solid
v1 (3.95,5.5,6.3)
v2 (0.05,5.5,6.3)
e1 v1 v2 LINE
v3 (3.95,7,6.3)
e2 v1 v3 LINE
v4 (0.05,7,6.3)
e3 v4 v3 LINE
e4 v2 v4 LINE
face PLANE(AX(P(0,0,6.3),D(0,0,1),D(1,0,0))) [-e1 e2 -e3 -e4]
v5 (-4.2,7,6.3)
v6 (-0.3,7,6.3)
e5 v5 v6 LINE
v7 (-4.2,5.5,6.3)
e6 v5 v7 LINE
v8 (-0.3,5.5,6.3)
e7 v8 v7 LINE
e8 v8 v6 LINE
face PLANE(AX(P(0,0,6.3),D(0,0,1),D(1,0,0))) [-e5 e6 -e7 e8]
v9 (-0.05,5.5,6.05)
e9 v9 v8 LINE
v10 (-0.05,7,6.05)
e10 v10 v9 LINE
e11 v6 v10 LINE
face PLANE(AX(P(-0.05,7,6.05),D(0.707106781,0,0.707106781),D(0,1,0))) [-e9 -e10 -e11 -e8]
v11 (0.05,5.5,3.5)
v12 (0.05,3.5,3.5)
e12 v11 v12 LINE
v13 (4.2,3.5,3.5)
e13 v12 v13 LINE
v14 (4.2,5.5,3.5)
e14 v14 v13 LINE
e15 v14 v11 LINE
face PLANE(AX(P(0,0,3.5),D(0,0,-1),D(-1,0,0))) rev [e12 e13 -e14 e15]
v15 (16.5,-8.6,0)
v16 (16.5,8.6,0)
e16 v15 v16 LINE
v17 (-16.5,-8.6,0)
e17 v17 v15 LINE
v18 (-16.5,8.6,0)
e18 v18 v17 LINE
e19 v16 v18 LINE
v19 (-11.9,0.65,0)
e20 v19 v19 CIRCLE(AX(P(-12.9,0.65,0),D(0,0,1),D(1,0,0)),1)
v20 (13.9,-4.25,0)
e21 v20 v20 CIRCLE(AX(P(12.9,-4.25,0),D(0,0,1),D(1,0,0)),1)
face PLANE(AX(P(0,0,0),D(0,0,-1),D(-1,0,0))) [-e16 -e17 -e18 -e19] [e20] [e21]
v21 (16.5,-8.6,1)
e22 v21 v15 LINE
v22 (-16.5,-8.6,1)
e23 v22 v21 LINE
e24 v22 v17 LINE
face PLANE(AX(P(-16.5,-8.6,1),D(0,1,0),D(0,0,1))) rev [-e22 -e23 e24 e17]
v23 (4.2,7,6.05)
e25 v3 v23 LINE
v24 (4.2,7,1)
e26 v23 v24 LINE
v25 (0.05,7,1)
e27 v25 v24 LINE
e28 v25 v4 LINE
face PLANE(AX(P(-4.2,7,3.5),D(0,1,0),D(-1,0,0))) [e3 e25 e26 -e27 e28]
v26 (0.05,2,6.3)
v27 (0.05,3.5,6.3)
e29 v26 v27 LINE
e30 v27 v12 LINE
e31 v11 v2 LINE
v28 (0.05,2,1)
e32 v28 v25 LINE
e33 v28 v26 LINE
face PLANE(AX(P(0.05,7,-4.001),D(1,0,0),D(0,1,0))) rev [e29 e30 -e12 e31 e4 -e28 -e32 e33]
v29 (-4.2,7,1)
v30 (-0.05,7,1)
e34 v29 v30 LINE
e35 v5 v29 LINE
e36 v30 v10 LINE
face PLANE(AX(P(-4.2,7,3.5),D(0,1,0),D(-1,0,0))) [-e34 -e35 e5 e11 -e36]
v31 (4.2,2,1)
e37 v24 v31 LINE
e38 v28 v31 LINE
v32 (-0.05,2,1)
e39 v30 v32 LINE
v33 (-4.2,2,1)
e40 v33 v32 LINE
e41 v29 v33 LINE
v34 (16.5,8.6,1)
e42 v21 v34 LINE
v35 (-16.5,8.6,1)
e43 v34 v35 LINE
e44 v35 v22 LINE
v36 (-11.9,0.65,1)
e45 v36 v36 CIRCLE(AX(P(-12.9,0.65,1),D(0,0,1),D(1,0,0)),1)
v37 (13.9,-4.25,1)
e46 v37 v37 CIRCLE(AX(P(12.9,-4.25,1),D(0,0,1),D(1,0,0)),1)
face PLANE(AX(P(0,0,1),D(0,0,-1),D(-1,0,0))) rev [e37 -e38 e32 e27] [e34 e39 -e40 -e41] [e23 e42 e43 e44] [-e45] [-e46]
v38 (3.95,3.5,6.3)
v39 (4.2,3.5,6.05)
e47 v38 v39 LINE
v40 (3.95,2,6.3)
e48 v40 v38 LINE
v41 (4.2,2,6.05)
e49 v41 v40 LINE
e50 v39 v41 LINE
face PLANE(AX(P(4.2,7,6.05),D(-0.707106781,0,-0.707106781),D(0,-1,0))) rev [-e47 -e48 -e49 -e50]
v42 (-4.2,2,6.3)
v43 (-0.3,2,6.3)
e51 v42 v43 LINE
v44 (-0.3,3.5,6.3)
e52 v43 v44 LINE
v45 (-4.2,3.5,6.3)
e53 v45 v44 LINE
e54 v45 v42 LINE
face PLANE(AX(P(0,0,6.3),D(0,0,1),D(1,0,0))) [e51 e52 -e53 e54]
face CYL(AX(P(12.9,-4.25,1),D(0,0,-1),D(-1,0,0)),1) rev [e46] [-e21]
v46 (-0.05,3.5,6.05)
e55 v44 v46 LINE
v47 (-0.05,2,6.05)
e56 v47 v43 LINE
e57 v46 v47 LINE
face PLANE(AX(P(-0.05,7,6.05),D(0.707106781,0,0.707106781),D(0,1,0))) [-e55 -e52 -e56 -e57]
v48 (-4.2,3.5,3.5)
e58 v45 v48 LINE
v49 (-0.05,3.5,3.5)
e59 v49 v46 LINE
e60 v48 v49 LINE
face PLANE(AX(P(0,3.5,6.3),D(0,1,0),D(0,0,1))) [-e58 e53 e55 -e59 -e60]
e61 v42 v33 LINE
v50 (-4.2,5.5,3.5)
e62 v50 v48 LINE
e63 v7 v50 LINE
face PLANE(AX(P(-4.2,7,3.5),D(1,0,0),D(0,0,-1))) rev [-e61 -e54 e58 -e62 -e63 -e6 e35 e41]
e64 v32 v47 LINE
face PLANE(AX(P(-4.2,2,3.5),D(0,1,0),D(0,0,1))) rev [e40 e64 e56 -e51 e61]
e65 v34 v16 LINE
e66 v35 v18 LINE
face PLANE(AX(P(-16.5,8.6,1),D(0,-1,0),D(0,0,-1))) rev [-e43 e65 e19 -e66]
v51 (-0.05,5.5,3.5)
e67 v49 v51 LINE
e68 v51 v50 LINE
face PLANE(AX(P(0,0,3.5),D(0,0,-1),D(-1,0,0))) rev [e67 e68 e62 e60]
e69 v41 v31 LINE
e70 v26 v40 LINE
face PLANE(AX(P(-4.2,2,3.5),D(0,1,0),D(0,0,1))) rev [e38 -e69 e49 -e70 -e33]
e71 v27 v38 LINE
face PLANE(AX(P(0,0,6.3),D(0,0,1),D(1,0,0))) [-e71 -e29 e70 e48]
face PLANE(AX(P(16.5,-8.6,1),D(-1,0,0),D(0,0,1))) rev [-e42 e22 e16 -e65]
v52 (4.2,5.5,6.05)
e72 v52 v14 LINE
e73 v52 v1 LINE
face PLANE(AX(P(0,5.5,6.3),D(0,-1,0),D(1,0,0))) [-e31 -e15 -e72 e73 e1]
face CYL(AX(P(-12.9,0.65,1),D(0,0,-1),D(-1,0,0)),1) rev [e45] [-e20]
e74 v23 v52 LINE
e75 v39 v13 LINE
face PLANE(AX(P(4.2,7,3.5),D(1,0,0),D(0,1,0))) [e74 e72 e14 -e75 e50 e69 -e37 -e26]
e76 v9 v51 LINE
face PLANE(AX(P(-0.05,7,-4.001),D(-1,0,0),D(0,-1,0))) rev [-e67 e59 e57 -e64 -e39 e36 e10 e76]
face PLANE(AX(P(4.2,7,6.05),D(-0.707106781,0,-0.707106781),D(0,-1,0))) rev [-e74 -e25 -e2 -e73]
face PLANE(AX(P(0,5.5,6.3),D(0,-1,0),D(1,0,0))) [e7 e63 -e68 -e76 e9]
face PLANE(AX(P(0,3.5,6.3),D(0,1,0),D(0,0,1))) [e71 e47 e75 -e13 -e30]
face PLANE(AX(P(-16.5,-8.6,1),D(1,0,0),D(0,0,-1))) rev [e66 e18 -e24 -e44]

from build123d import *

# Parameters (mm, degrees)
CROQUIS1_W              = 33
CROQUIS1_H              = 17.2
CROQUIS1_R              = 1
SALIENTE_EXTRUIR1_DEPTH = 1
CROQUIS2_W              = 8.4
CROQUIS2_H              = 5
SALIENTE_EXTRUIR2_DEPTH = 2.5
CROQUIS2_5_W            = 8.4
CROQUIS2_5_H            = 1.5
SALIENTE_EXTRUIR3_DEPTH = 5.3
CORTAR_EXTRUIR1_START   = -5.3
CROQUIS3_W              = 0.1
CROQUIS3_H              = 5
CORTAR_EXTRUIR1_DEPTH   = 5.3
CHAFL_N1_SIZE           = 0.25


with BuildPart() as part:
    # Croquis1 → Saliente-Extruir1 (new body)
    with BuildSketch(Plane.XY):
        Rectangle(CROQUIS1_W, CROQUIS1_H)
        with Locations((-12.9, 0.65)):
            Circle(CROQUIS1_R, mode=Mode.SUBTRACT)
        with Locations((12.9, -4.25)):
            Circle(CROQUIS1_R, mode=Mode.SUBTRACT)
    extrude(amount=SALIENTE_EXTRUIR1_DEPTH)

    # Croquis2 → Saliente-Extruir2 (add)
    with BuildSketch(Plane.XY.offset(1)):
        with Locations((0, 4.5)):
            Rectangle(CROQUIS2_W, CROQUIS2_H)
    extrude(amount=SALIENTE_EXTRUIR2_DEPTH)

    # Croquis2<5> → Saliente-Extruir3 (add)
    with BuildSketch(Plane.XY.offset(1)):
        with Locations((0, 2.75)):
            Rectangle(CROQUIS2_5_W, CROQUIS2_5_H)
        with Locations((0, 6.25)):
            Rectangle(CROQUIS2_5_W, CROQUIS2_5_H)
    extrude(amount=SALIENTE_EXTRUIR3_DEPTH)

    # Croquis3 → Cortar-Extruir1 (cut)
    with BuildSketch(Plane.XY.offset(6.3).offset(CORTAR_EXTRUIR1_START)):
        with Locations((0, 4.5)):
            Rectangle(CROQUIS3_W, CROQUIS3_H)
    extrude(amount=CORTAR_EXTRUIR1_DEPTH, mode=Mode.SUBTRACT)

    # Chaflán1
    chafl_n1_edges = [part.edges().sort_by_distance(p)[0] for p in [
        (4.2, 2.75, 6.3),
        (4.2, 6.25, 6.3),
        (-0.05, 2.75, 6.3),
        (-0.05, 6.25, 6.3),
    ]]
    chamfer(chafl_n1_edges, length=CHAFL_N1_SIZE)


solid = part.part
